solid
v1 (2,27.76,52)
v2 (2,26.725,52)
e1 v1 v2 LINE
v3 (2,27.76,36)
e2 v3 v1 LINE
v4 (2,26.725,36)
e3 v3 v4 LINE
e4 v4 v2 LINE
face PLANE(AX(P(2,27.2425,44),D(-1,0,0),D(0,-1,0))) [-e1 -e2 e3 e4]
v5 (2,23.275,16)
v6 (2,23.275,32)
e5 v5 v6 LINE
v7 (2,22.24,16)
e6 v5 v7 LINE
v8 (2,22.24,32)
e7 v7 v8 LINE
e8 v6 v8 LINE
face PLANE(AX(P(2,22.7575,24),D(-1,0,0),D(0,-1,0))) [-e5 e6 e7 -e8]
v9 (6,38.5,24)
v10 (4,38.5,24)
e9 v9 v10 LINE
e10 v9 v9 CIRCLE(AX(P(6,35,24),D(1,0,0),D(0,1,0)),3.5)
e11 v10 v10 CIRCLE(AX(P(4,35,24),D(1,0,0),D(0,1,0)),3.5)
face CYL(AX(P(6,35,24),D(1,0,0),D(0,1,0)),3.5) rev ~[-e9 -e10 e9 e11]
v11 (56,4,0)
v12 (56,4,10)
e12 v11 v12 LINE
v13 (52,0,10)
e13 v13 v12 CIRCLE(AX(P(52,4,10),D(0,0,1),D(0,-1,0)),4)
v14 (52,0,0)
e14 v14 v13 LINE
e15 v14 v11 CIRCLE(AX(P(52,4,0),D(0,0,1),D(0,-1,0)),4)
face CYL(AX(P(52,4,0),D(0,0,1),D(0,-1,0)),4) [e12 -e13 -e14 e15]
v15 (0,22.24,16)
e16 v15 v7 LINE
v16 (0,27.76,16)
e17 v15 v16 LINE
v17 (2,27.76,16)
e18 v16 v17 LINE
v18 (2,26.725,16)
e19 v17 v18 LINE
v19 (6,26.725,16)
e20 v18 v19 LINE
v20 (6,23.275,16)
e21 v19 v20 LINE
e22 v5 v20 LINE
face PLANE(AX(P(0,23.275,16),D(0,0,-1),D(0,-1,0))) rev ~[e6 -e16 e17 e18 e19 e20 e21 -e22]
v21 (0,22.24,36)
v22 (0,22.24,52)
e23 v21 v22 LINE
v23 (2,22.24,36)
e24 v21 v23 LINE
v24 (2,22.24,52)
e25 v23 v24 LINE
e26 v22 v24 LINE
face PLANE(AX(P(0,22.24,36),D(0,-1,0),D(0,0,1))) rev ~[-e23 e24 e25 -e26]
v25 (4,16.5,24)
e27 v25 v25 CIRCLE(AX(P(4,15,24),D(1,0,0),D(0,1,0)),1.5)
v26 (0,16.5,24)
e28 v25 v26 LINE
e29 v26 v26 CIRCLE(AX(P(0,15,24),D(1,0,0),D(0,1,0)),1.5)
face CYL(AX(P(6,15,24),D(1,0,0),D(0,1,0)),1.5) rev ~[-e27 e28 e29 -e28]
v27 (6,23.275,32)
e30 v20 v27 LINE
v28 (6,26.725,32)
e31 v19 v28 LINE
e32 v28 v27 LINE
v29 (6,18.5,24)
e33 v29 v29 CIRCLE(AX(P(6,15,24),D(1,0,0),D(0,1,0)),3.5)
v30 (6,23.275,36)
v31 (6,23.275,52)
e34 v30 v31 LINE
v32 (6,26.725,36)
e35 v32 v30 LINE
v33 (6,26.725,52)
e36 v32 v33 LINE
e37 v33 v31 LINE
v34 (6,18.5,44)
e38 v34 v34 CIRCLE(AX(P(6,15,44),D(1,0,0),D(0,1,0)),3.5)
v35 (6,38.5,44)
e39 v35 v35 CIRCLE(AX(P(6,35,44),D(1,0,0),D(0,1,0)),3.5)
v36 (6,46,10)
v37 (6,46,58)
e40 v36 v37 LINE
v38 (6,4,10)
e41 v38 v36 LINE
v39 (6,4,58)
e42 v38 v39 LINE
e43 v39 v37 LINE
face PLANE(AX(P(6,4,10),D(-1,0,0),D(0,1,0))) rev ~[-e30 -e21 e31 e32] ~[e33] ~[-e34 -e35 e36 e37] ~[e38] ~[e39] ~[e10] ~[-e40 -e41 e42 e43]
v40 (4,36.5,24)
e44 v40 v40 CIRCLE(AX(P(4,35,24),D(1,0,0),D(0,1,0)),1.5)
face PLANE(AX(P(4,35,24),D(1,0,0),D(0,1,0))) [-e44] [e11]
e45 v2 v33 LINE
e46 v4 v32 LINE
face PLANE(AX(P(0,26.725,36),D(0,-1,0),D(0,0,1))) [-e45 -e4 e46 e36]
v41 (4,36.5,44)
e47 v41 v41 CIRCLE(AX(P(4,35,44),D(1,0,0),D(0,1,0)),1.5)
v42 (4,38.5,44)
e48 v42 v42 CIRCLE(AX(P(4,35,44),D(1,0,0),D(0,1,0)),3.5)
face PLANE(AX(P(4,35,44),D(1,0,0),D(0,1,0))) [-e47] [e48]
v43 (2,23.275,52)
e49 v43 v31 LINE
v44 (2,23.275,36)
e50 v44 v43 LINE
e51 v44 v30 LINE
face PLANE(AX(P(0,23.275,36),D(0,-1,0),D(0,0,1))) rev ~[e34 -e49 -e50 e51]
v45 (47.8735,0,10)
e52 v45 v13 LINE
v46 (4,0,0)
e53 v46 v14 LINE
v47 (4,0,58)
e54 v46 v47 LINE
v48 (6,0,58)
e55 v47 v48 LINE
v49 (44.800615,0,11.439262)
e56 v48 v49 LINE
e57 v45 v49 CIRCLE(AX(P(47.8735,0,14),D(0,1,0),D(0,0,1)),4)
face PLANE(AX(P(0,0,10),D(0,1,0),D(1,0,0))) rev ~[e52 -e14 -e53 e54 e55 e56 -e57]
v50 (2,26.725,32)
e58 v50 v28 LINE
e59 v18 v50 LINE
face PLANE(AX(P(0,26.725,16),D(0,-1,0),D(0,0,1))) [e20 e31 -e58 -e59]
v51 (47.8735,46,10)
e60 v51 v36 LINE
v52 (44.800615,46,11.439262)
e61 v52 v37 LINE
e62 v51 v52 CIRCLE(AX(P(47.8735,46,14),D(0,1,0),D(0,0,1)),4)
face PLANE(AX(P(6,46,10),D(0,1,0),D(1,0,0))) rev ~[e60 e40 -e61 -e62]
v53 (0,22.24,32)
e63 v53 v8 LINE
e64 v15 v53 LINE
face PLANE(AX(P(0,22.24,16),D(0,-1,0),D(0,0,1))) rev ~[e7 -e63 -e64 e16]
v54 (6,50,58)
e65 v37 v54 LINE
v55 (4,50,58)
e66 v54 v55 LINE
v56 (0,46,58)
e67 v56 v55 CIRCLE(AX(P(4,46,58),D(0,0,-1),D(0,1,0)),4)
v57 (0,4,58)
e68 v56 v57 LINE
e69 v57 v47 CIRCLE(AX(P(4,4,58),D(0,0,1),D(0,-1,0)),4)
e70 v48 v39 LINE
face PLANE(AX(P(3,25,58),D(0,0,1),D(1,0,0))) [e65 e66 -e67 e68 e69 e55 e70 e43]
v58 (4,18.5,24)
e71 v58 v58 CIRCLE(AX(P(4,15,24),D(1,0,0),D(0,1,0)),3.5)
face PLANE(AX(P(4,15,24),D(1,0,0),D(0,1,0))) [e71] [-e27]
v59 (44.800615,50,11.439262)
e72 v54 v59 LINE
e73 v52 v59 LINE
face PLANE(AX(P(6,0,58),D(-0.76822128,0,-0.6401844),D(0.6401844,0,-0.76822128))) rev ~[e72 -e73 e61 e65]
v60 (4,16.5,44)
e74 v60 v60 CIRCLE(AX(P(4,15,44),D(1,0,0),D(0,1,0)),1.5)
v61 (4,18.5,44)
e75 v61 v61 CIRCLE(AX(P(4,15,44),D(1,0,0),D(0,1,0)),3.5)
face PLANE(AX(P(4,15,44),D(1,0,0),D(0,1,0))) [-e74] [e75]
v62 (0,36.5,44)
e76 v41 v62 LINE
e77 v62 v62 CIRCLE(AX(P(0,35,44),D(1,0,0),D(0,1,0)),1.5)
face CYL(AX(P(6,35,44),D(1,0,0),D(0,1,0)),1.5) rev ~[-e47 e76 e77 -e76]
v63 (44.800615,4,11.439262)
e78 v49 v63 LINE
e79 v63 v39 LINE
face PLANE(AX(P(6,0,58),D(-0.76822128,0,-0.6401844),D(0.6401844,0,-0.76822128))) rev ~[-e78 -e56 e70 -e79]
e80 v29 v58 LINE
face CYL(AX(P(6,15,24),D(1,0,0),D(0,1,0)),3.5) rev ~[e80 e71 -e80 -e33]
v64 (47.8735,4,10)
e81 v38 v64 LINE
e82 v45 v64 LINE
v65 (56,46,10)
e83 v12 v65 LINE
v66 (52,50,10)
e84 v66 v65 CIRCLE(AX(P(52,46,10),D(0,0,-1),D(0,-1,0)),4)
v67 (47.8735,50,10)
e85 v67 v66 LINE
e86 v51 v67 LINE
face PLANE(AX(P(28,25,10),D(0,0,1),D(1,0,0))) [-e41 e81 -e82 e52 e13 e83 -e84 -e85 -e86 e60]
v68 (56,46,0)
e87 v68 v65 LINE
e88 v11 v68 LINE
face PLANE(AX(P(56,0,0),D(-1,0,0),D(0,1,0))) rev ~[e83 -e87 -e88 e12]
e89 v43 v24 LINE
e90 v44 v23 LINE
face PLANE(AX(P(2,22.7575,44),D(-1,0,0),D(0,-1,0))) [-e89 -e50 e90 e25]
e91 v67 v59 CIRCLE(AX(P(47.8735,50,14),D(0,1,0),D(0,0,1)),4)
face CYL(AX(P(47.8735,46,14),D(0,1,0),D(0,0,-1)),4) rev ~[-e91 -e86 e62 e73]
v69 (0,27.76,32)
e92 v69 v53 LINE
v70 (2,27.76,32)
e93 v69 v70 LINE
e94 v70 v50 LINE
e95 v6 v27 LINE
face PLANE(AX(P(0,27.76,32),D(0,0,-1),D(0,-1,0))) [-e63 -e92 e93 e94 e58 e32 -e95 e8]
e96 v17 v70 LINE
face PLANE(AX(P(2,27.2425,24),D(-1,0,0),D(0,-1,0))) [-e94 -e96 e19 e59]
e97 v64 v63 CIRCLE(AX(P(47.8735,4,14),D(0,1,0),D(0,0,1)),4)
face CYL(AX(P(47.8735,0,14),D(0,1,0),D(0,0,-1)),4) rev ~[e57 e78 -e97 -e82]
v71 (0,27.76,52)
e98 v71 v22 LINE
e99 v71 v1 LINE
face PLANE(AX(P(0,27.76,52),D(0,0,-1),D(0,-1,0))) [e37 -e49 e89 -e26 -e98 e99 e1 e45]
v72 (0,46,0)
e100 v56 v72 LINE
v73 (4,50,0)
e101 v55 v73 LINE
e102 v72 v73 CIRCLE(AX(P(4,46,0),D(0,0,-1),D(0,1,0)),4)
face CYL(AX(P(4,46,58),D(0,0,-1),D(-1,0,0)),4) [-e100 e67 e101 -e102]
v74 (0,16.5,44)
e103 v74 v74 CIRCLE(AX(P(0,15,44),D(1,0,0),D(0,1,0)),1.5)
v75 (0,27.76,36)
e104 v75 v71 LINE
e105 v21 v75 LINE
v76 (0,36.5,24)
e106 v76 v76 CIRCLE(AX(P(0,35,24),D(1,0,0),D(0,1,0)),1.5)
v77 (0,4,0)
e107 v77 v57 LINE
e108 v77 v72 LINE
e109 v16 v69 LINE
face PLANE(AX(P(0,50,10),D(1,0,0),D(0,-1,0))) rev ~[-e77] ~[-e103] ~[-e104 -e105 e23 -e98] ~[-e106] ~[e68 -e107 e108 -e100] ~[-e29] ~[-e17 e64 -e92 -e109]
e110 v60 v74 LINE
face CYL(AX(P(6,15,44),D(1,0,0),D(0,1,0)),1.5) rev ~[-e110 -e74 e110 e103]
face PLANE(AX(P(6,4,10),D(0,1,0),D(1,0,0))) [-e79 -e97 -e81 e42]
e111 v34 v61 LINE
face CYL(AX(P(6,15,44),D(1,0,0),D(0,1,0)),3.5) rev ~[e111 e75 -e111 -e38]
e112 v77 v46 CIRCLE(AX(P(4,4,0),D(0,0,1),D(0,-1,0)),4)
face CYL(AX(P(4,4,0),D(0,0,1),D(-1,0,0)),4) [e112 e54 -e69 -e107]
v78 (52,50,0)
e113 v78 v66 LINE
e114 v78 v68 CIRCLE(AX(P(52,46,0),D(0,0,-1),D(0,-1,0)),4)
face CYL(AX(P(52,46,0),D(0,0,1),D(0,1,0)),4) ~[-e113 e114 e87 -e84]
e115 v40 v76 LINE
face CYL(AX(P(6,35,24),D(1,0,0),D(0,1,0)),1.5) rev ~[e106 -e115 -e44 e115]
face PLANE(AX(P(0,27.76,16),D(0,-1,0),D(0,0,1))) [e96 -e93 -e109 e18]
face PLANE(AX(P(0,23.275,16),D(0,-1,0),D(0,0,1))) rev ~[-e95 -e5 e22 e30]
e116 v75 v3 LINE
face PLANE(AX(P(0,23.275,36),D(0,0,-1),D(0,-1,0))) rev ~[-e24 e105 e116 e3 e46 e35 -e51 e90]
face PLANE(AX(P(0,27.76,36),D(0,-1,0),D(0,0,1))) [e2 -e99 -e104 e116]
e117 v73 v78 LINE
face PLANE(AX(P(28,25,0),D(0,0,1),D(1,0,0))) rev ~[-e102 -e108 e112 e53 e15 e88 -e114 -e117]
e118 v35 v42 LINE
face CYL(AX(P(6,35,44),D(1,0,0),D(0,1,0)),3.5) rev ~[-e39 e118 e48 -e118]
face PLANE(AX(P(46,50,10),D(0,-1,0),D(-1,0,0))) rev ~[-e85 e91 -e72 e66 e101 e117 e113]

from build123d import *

# Parameters (mm, degrees)
F0_W      = 56
F0_H      = 50
F1_DEPTH  = 10
F2_W      = 40
F2_H      = 4
F3_DEPTH  = 48
F5_DEPTH  = 50.001
F6_R      = 4
F7_W      = 1.035
F7_H      = 16
F8_DEPTH  = 2
F7_W_2    = 3.45
F9_DEPTH  = 6
F10_R     = 3.5
F10_R_2   = 1.5
F11_DEPTH = 2
F12_DEPTH = 6


with BuildPart() as f1:
    # F0 (on Top) → F1 (new body)
    with BuildSketch(Plane.XY):
        with Locations((28, 25)):
            Rectangle(F0_W, F0_H)
    extrude(amount=F1_DEPTH)

    # F2 (on face) → F3 (join)
    with BuildSketch(Plane.XY.offset(10)):
        Polygon((6, 50), (0, 50), (0, 0), (6, 0), (6, 4), (6, 46), align=None)
        with Locations((26, 48)):
            Rectangle(F2_W, F2_H)
        with Locations((26, 2)):
            Rectangle(F2_W, F2_H)
    extrude(amount=F3_DEPTH)

    # F4 (on face) → F5 (cut, through all)
    with BuildSketch(Plane.XZ):
        Polygon((6, 58), (46, 10), (46, 58), align=None)
    extrude(amount=-F5_DEPTH, mode=Mode.SUBTRACT)

    # F6
    f6_edges = [f1.edges().sort_by_distance(p)[0] for p in [
        (0, 0, 29),
        (56, 0, 5),
        (46, 2, 10),
        (46, 48, 10),
        (56, 50, 5),
        (0, 50, 29),
    ]]
    fillet(f6_edges, radius=F6_R)

    # F7 (on face) → F8 (cut)
    with BuildSketch(Plane(origin=(0, 0, 0), x_dir=(0, -1, 0), z_dir=(-1, 0, 0))):
        with Locations((-27.2425, 44)):
            Rectangle(F7_W, F7_H)
        with Locations((-22.7575, 44)):
            Rectangle(F7_W, F7_H)
        with Locations((-22.7575, 24)):
            Rectangle(F7_W, F7_H)
        with Locations((-27.2425, 24)):
            Rectangle(F7_W, F7_H)
    extrude(amount=-F8_DEPTH, mode=Mode.SUBTRACT)

    # F7 (on face) → F9 (cut, through all)
    with BuildSketch(Plane(origin=(0, 0, 0), x_dir=(0, -1, 0), z_dir=(-1, 0, 0))):
        with Locations((-25, 44)):
            Rectangle(F7_W_2, F7_H)
        with Locations((-25, 24)):
            Rectangle(F7_W_2, F7_H)
    extrude(amount=-F9_DEPTH, mode=Mode.SUBTRACT)

    # F10 (on face) → F11 (cut)
    with BuildSketch(Plane.YZ.offset(6)):
        with Locations((15, 44)):
            Circle(F10_R)
        with Locations((15, 44)):
            Circle(F10_R_2, mode=Mode.SUBTRACT)
        with Locations((35, 44)):
            Circle(F10_R)
        with Locations((35, 44)):
            Circle(F10_R_2, mode=Mode.SUBTRACT)
        with Locations((35, 24)):
            Circle(F10_R)
        with Locations((35, 24)):
            Circle(F10_R_2, mode=Mode.SUBTRACT)
        with Locations((15, 24)):
            Circle(F10_R)
        with Locations((15, 24)):
            Circle(F10_R_2, mode=Mode.SUBTRACT)
    extrude(amount=-F11_DEPTH, mode=Mode.SUBTRACT)

    # F10 (on face) → F12 (cut, through all)
    with BuildSketch(Plane.YZ.offset(6)):
        with Locations((15, 44)):
            Circle(F10_R_2)
        with Locations((35, 44)):
            Circle(F10_R_2)
        with Locations((35, 24)):
            Circle(F10_R_2)
        with Locations((15, 24)):
            Circle(F10_R_2)
    extrude(amount=-F12_DEPTH, mode=Mode.SUBTRACT)


solid = f1.part
